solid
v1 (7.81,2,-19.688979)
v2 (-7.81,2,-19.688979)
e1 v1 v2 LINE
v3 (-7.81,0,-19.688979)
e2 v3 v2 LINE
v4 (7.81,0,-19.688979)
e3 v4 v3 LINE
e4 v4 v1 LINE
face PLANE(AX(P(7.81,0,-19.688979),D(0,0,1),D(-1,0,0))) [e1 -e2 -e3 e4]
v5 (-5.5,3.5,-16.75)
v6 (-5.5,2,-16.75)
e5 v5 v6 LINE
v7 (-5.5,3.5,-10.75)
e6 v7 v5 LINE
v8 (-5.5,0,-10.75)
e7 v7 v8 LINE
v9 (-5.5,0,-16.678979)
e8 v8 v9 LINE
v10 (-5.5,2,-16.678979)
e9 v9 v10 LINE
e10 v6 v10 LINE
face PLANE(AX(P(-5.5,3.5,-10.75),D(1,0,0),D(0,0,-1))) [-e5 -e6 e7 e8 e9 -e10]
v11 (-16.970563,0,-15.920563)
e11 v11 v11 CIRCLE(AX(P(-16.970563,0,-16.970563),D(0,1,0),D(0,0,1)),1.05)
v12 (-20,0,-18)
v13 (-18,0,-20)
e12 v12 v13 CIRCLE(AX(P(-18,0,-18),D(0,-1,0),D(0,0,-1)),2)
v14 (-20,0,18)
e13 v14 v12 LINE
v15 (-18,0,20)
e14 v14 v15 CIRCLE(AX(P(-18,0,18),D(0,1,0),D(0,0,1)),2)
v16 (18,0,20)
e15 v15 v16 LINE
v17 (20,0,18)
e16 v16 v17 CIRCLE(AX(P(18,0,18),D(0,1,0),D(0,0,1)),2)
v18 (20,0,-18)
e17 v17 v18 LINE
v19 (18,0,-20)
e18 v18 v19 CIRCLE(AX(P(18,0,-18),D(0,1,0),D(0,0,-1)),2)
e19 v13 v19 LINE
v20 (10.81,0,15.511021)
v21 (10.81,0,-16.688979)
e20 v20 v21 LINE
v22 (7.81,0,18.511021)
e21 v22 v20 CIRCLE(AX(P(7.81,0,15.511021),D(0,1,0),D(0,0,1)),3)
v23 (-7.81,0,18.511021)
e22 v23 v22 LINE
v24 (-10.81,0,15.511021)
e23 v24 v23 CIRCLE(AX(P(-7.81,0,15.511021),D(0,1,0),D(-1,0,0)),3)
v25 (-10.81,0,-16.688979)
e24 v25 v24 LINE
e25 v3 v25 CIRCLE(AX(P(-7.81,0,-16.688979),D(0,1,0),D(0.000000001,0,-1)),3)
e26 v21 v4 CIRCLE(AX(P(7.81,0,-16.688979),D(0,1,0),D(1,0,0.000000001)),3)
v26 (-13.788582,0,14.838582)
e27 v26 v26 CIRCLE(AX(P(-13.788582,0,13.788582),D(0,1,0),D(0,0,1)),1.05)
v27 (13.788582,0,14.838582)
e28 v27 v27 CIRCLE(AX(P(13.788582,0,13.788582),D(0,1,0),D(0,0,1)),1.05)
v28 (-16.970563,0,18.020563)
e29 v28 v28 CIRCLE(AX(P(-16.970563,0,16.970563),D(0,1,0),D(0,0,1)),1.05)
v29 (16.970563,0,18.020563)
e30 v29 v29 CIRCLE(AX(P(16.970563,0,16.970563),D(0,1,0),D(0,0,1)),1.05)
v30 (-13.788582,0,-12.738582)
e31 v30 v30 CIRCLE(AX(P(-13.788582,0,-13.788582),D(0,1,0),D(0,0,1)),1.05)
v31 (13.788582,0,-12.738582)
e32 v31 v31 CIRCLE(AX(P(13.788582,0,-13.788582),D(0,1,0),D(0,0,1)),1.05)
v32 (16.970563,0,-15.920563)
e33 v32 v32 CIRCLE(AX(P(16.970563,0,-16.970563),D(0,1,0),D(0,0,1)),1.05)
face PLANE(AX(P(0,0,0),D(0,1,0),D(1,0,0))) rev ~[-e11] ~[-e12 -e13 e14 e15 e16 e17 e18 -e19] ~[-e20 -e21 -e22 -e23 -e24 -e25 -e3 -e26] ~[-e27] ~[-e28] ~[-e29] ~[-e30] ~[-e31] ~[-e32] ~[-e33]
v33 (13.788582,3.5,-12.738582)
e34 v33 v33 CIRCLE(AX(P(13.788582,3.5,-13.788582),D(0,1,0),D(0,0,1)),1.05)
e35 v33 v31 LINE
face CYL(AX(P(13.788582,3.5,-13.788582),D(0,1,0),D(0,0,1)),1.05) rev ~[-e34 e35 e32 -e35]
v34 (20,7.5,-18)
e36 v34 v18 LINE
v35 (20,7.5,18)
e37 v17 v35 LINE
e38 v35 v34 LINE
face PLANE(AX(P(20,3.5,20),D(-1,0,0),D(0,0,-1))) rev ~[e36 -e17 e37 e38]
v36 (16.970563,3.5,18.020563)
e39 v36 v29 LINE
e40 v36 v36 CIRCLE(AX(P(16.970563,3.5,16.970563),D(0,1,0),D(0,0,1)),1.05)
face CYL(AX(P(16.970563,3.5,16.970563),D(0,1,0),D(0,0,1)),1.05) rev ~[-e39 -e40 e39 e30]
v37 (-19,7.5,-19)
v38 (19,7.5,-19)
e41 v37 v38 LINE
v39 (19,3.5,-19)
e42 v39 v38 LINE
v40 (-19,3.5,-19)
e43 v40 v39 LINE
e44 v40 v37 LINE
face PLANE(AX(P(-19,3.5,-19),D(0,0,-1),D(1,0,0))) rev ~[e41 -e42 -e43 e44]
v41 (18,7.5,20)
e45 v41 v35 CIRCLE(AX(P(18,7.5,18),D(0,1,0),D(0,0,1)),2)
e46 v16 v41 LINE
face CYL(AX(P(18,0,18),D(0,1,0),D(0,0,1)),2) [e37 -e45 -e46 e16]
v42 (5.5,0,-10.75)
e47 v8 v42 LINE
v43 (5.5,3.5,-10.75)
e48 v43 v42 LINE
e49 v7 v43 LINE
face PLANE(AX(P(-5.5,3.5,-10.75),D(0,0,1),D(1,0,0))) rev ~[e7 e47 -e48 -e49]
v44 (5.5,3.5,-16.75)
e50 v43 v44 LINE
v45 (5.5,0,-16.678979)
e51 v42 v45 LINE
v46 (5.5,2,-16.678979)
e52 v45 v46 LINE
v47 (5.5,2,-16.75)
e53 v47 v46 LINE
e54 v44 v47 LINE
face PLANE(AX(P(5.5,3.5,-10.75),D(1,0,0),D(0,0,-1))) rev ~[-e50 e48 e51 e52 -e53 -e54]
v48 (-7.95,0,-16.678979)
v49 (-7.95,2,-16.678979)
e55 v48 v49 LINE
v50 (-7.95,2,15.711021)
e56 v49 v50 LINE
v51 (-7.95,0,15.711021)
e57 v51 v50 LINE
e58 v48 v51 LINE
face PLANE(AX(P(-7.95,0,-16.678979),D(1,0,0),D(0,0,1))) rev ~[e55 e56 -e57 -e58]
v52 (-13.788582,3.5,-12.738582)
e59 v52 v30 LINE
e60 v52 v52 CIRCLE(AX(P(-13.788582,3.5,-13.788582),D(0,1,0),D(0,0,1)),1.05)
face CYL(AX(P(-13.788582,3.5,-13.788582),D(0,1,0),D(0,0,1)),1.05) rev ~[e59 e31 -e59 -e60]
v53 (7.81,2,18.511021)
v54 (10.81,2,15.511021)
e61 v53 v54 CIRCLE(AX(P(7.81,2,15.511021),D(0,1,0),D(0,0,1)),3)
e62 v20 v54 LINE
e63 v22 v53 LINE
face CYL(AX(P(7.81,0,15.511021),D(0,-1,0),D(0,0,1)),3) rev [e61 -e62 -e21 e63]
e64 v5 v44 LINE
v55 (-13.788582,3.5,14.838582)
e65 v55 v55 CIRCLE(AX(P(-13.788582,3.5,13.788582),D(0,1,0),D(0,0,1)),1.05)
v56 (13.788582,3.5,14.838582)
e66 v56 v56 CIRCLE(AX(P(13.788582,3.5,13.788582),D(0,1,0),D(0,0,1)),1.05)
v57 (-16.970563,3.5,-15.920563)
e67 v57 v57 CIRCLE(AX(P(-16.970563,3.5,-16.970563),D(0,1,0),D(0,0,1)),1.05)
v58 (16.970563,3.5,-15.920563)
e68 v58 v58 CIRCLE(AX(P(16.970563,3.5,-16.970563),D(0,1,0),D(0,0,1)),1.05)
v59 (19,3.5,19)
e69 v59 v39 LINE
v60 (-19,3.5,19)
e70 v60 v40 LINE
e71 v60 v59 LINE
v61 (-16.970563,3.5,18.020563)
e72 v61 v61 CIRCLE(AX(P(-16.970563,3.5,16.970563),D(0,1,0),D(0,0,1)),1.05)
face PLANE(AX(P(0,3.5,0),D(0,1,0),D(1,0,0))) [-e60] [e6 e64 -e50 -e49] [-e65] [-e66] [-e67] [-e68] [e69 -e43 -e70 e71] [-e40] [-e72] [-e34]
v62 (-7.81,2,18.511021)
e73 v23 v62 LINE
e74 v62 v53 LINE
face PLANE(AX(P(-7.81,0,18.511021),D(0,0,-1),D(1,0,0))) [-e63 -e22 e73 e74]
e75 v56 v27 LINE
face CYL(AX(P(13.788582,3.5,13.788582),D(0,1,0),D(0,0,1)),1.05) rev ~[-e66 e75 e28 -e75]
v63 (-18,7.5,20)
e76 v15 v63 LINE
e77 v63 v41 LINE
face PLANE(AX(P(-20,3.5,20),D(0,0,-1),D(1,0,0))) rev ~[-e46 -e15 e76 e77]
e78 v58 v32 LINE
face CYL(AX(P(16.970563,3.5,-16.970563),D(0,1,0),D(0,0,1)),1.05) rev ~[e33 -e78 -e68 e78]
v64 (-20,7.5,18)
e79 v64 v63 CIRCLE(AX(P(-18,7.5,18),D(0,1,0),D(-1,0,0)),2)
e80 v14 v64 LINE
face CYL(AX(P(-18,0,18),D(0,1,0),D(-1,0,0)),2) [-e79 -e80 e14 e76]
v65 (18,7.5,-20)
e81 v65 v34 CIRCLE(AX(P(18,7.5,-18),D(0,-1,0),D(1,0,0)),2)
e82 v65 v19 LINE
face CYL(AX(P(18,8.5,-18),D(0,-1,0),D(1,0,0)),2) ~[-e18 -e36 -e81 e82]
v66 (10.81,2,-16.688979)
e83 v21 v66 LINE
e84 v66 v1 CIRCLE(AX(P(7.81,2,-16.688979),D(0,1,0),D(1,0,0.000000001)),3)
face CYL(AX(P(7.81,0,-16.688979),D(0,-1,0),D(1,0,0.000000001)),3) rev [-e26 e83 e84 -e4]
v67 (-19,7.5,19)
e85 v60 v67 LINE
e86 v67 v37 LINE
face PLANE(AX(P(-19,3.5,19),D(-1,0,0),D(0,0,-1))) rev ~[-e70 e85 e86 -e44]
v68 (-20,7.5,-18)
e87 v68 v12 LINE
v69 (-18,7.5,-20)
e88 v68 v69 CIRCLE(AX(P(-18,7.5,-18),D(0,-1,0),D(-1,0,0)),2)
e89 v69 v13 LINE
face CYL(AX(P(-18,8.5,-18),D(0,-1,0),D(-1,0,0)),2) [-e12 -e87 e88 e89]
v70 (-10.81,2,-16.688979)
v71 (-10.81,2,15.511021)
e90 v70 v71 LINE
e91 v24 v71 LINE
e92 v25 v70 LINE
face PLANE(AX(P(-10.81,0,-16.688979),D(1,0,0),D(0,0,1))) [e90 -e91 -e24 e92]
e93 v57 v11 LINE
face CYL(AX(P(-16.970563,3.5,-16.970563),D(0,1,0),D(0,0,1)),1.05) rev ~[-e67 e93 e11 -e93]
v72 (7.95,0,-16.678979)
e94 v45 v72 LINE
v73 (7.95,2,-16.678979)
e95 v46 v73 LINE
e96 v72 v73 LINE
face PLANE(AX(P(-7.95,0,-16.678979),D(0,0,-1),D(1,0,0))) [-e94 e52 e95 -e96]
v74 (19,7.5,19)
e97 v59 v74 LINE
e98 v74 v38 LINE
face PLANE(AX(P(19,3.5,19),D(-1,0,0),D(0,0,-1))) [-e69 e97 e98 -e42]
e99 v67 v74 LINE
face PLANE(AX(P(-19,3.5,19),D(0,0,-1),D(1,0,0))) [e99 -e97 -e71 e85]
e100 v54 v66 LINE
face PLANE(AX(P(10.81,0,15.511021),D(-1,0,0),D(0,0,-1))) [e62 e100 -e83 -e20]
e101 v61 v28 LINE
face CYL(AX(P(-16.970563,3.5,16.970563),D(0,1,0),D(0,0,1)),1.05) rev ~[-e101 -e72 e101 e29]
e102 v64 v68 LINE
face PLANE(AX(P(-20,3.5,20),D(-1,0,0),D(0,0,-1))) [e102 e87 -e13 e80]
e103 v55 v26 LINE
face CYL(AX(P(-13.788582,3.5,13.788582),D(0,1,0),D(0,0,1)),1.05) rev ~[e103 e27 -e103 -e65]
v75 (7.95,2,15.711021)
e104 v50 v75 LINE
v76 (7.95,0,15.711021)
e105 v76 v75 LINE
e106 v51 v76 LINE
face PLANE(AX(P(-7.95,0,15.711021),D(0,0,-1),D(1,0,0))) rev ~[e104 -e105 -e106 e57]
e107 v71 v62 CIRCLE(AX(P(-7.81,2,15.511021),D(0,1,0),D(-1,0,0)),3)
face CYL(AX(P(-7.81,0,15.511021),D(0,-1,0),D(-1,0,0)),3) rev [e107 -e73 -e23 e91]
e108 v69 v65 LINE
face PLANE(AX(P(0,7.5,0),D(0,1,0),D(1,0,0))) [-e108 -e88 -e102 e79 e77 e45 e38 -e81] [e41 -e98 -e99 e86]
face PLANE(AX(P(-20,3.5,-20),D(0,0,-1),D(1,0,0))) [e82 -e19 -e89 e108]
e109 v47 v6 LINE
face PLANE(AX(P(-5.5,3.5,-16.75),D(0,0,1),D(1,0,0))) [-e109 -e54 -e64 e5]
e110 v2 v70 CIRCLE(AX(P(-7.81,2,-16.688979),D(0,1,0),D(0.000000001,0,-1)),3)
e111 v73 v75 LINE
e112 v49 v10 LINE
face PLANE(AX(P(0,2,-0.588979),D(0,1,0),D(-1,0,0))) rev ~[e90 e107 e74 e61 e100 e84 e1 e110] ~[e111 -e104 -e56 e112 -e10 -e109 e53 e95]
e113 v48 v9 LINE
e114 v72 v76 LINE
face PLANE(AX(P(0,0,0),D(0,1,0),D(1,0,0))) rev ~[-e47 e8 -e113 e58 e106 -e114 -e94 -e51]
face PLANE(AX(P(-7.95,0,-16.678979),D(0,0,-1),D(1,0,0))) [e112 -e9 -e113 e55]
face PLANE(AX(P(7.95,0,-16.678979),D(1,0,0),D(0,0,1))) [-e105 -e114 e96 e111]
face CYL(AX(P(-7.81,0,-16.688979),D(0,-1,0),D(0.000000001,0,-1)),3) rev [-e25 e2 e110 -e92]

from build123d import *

# Parameters (mm, degrees)
SKETCH1_W           = 40
SKETCH1_H           = 40
BOSS_EXTRUDE1_DEPTH = 3.5
SKETCH2_R           = 1.05
CUT_EXTRUDE1_DEPTH  = 3.5
SKETCH3_W           = 40
SKETCH3_H           = 40
SKETCH3_W_2         = 38
SKETCH3_H_2         = 38
BOSS_EXTRUDE2_DEPTH = 5
FILLET1_R           = 2
SKETCH4_W           = 11
SKETCH4_H           = 6
CUT_EXTRUDE2_DEPTH  = 5
SKETCH5_W           = 15.9
SKETCH5_H           = 32.39
CUT_EXTRUDE7_DEPTH  = 2
SKETCH7_W           = 43.568171074
SKETCH7_H           = 43.096637318
CUT_EXTRUDE9_DEPTH  = 1


with BuildPart() as part:
    # Sketch1 → Boss-Extrude1 (new body)
    with BuildSketch(Plane(origin=(0, 0, 0), x_dir=(1, 0, 0), z_dir=(0, 1, 0))):
        Rectangle(SKETCH1_W, SKETCH1_H)
    extrude(amount=BOSS_EXTRUDE1_DEPTH)

    # Sketch2 → Cut-Extrude1 (cut)
    with BuildSketch(Plane(origin=(0, 3.5, 0), x_dir=(1, 0, 0), z_dir=(0, 1, 0))):
        with Locations(Location((-16.970562748, 16.970562748, 0), (0, 0, 270))):
            Circle(SKETCH2_R)
        with Locations(Location((16.970562748, 16.970562748, 0), (0, 0, 270))):
            Circle(SKETCH2_R)
        with Locations(Location((-16.970562748, -16.970562748, 0), (0, 0, 270))):
            Circle(SKETCH2_R)
        with Locations(Location((16.970562748, -16.970562748, 0), (0, 0, 270))):
            Circle(SKETCH2_R)
        with Locations(Location((-13.788582233, 13.788582233, 0), (0, 0, 270))):
            Circle(SKETCH2_R)
        with Locations(Location((13.788582233, 13.788582233, 0), (0, 0, 270))):
            Circle(SKETCH2_R)
        with Locations(Location((13.788582233, -13.788582233, 0), (0, 0, 270))):
            Circle(SKETCH2_R)
        with Locations(Location((-13.788582233, -13.788582233, 0), (0, 0, 270))):
            Circle(SKETCH2_R)
    extrude(amount=-CUT_EXTRUDE1_DEPTH, mode=Mode.SUBTRACT)

    # Sketch3 → Boss-Extrude2 (add)
    with BuildSketch(Plane(origin=(0, 3.5, 0), x_dir=(1, 0, 0), z_dir=(0, 1, 0))):
        Rectangle(SKETCH3_W, SKETCH3_H)
        Rectangle(SKETCH3_W_2, SKETCH3_H_2, mode=Mode.SUBTRACT)
    extrude(amount=BOSS_EXTRUDE2_DEPTH)

    # Fillet1
    fillet1_edges = [part.edges().sort_by_distance(p)[0] for p in [
        (20, 4.25, 20),
        (-20, 4.25, 20),
        (-20, 4.25, -20),
        (20, 4.25, -20),
    ]]
    fillet(fillet1_edges, radius=FILLET1_R)

    # Sketch4 → Cut-Extrude2 (cut)
    with BuildSketch(Plane(origin=(0, 3.5, 0), x_dir=(1, 0, 0), z_dir=(0, 1, 0))):
        with Locations((0, 13.75)):
            Rectangle(SKETCH4_W, SKETCH4_H)
    extrude(amount=-CUT_EXTRUDE2_DEPTH, mode=Mode.SUBTRACT)

    # Sketch5 → Cut-Extrude7 (cut)
    with BuildSketch(Plane.XZ):
        with BuildLine():
            Line((-7.81, 18.511021166), (7.81, 18.511021166))
            ThreePointArc((7.81, 18.511021166), (9.931320344, 17.632341509), (10.81, 15.511021166))
            Line((10.81, 15.511021166), (10.81, -16.688978834))
            ThreePointArc((10.81, -16.688978834), (9.931320344, -18.810299178), (7.81, -19.688978834))
            Line((7.81, -19.688978834), (-7.81, -19.688978834))
            ThreePointArc((-7.81, -19.688978834), (-9.931320344, -18.810299178), (-10.81, -16.688978834))
            Line((-10.81, -16.688978834), (-10.81, 15.511021166))
            ThreePointArc((-10.81, 15.511021166), (-9.931320344, 17.632341509), (-7.81, 18.511021166))
        make_face()
        with Locations((0, -0.483978834)):
            Rectangle(SKETCH5_W, SKETCH5_H, mode=Mode.SUBTRACT)
    extrude(amount=-CUT_EXTRUDE7_DEPTH, mode=Mode.SUBTRACT)

    # Sketch7 → Cut-Extrude9 (cut)
    with BuildSketch(Plane(origin=(0, 8.5, 0), x_dir=(1, 0, 0), z_dir=(0, 1, 0))):
        Rectangle(SKETCH7_W, SKETCH7_H)
    extrude(amount=-CUT_EXTRUDE9_DEPTH, mode=Mode.SUBTRACT)


solid = part.part
